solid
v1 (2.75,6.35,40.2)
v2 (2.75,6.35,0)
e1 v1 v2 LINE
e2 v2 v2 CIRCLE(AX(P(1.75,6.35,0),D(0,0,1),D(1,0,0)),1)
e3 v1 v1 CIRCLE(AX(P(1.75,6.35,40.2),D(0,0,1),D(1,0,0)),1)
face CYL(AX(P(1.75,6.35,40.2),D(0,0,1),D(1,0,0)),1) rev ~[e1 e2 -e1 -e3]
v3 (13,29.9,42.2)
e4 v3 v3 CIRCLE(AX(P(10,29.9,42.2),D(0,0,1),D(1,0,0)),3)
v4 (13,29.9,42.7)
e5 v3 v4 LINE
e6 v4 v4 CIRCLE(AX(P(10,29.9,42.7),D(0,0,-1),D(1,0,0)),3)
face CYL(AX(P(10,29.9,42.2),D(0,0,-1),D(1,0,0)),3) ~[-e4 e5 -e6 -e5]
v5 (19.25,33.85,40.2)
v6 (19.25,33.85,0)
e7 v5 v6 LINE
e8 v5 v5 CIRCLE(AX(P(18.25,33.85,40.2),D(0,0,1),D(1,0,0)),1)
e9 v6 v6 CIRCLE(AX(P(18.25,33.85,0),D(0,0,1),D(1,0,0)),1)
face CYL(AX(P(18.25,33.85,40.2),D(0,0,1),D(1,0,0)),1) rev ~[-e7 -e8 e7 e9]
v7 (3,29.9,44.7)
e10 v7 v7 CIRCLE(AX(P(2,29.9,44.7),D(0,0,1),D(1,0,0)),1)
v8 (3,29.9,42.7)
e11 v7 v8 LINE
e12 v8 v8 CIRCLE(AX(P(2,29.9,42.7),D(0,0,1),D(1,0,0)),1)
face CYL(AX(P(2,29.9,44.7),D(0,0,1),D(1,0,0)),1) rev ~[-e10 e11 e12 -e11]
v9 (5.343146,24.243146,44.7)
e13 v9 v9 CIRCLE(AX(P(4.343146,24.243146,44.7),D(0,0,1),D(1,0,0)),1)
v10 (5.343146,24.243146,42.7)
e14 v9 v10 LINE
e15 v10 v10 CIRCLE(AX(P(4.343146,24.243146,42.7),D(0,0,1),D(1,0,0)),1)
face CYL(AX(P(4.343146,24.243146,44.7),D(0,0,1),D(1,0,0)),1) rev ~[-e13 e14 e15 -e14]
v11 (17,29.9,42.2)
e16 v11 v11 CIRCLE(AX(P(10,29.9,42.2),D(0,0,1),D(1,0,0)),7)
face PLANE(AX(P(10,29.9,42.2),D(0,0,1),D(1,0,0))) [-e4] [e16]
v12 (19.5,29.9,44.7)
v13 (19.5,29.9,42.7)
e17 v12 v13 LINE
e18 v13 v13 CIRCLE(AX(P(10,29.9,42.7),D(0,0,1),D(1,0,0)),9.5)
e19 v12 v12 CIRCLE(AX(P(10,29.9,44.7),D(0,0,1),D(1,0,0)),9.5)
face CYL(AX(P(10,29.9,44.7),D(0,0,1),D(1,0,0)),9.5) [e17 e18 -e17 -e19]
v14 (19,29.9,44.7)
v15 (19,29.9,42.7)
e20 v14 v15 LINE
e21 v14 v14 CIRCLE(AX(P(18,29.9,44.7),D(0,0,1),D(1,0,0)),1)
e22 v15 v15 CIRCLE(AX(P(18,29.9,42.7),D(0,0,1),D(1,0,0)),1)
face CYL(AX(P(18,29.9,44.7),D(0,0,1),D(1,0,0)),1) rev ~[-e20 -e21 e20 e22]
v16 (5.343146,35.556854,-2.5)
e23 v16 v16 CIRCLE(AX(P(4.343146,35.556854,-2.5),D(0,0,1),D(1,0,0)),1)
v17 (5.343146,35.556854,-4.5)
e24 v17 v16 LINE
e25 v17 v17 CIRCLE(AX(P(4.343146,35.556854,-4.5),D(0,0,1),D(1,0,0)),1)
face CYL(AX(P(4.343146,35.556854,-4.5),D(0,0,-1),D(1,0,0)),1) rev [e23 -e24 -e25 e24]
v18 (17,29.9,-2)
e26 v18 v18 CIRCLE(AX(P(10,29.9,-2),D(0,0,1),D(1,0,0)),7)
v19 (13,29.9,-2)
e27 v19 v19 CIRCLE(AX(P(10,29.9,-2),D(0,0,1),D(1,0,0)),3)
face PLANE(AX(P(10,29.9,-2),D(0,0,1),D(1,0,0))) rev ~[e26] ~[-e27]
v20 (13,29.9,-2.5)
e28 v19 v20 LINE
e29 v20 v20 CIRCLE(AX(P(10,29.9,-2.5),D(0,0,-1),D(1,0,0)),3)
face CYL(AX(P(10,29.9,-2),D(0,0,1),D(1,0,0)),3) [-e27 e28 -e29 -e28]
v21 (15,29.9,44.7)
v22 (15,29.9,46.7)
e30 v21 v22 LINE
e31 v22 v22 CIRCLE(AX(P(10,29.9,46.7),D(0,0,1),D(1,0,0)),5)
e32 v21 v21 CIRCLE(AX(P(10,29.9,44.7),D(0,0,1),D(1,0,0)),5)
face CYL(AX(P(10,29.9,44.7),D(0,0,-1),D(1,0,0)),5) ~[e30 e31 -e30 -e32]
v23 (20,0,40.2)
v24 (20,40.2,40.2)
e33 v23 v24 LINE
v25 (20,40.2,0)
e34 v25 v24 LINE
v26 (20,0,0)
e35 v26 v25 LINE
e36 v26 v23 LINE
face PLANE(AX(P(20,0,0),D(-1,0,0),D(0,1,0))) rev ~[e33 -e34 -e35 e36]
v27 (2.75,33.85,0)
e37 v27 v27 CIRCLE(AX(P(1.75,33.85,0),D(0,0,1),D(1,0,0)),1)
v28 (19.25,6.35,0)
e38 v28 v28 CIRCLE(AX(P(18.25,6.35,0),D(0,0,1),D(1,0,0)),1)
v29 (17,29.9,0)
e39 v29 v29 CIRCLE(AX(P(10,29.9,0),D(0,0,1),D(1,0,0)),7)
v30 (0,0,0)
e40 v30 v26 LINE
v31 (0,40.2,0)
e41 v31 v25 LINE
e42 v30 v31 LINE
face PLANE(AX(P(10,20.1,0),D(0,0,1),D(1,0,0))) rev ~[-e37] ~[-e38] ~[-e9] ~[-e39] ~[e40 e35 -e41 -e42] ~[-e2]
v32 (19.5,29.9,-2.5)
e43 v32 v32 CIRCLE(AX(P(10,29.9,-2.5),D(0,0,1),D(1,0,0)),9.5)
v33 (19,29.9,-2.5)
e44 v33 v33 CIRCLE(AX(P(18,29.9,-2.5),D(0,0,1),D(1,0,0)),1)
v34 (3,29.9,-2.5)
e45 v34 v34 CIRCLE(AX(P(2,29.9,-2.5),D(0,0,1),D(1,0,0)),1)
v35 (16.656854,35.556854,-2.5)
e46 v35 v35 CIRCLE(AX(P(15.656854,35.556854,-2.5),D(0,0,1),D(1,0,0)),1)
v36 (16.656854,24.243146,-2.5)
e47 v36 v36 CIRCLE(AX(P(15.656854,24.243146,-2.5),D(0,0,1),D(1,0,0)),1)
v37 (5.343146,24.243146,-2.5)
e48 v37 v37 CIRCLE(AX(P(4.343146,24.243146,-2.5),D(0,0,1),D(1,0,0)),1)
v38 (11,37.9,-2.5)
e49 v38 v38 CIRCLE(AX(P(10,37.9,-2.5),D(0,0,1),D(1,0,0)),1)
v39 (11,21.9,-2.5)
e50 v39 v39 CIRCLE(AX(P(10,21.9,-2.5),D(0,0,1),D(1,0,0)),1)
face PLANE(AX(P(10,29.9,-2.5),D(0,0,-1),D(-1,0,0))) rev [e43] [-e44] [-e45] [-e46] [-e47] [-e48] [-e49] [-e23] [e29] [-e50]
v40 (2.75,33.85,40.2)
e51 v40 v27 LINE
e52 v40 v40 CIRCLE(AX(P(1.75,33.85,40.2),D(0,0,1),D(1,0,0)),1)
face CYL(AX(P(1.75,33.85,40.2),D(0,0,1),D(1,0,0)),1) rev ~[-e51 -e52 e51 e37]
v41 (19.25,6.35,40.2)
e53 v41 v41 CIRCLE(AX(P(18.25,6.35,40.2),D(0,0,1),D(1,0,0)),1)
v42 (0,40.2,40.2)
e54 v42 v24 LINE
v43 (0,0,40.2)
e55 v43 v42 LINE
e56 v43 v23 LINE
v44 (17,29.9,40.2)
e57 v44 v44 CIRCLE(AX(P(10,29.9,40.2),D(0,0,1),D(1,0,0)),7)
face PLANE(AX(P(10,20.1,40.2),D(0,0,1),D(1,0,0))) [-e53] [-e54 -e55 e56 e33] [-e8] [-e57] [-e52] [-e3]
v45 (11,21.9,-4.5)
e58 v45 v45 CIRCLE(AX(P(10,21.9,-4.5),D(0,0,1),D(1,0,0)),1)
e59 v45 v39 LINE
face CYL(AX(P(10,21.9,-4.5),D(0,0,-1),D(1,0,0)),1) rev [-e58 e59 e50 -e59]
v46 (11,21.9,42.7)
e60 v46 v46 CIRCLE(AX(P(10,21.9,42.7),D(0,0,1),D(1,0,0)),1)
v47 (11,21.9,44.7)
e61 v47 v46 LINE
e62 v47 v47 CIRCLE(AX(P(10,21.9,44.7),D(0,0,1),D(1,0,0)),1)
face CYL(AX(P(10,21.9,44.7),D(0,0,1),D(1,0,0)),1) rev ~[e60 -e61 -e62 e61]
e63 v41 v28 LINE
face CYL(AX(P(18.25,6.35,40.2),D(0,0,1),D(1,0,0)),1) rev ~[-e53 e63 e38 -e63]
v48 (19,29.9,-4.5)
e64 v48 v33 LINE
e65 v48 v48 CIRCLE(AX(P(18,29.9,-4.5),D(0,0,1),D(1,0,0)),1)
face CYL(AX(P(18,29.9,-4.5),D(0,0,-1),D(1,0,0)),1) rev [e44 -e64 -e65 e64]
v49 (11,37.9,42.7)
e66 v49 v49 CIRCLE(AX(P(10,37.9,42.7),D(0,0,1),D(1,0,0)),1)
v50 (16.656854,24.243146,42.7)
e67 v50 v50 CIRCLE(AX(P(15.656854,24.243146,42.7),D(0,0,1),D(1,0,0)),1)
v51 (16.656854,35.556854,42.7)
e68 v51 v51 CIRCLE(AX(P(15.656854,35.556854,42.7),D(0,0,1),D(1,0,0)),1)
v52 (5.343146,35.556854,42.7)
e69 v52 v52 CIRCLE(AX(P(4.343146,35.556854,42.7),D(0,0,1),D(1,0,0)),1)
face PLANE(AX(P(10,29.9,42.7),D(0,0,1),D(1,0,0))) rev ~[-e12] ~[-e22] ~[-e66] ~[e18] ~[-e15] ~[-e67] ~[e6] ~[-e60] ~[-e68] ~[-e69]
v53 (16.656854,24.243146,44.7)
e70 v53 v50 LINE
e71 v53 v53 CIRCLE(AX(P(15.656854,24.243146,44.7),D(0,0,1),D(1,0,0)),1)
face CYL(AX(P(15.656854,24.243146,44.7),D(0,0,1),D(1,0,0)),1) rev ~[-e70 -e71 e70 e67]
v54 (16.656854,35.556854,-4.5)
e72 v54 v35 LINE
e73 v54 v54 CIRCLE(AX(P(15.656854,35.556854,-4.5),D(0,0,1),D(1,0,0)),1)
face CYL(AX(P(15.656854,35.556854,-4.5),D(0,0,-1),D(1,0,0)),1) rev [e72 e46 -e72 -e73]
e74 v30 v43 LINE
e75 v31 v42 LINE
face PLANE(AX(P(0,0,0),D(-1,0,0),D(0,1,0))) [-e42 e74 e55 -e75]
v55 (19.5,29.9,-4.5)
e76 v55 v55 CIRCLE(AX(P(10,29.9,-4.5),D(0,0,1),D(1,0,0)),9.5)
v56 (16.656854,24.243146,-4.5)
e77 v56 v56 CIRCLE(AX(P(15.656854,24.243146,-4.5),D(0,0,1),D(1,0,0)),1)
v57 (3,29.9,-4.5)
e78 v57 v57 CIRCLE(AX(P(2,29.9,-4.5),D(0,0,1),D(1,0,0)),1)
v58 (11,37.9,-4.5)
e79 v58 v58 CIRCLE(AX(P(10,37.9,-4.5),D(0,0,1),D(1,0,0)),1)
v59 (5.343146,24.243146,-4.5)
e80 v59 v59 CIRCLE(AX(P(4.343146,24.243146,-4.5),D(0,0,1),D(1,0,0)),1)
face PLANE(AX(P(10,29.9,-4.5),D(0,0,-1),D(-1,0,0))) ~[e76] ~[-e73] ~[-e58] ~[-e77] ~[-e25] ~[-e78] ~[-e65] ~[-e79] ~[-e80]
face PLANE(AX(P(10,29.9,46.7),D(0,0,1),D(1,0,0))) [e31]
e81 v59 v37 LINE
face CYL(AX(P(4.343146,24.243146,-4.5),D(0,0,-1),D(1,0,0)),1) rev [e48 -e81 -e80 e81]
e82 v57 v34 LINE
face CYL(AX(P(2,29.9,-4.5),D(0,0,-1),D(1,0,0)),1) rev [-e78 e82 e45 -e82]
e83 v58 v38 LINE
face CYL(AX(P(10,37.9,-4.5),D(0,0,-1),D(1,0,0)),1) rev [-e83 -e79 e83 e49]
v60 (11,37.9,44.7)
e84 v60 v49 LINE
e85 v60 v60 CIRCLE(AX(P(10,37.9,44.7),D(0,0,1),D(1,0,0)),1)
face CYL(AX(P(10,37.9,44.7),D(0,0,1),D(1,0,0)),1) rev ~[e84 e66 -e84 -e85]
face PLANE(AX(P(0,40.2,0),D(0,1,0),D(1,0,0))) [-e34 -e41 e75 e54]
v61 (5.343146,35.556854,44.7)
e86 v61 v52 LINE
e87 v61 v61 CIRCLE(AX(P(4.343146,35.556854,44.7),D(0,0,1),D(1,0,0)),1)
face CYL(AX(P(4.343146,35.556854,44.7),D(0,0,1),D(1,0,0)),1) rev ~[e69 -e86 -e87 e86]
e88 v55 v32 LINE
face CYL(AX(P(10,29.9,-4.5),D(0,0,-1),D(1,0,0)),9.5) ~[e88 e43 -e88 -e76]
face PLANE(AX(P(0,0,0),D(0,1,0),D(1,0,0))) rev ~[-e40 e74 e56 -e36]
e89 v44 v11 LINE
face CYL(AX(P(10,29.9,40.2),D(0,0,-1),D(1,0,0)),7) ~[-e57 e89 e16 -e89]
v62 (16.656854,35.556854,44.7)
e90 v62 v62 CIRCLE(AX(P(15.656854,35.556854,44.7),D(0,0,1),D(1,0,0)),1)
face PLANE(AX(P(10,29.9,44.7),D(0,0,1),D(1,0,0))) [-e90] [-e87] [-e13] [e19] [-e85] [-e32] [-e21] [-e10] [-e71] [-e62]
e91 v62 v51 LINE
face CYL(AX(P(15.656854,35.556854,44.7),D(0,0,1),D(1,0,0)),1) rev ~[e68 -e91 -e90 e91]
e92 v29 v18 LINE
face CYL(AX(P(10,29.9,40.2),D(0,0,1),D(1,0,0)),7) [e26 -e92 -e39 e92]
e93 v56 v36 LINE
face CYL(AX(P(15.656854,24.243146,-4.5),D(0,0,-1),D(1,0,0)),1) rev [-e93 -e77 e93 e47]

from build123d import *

# Parameters (mm, degrees)
F0_W          = 20
F0_H          = 40.2
F1_DEPTH      = 40.2
F2_R          = 1
F3_DEPTH      = 40.201
F4_R          = 7
F5_DEPTH      = 2
F5_DEPTH_BACK = 42.2
F6_R          = 3
F7_DEPTH      = 2.5
F8_R          = 9.5
F8_R_2        = 1
F9_DEPTH      = 2
F12_R         = 5
F13_DEPTH     = 2


with BuildPart() as f1:
    # F0 (on Top) → F1 (new body)
    with BuildSketch(Plane.XY):
        with Locations((10, 20.1)):
            Rectangle(F0_W, F0_H)
    extrude(amount=F1_DEPTH)

    # F2 (on face) → F3 (cut, through all)
    with BuildSketch(Plane.XY.offset(40.2)):
        with Locations((1.75, 33.85)):
            Circle(F2_R)
        with Locations((18.25, 33.85)):
            Circle(F2_R)
        with Locations((1.75, 6.35)):
            Circle(F2_R)
        with Locations((18.25, 6.35)):
            Circle(F2_R)
    extrude(amount=-F3_DEPTH, mode=Mode.SUBTRACT)

    # F4 (on face) → F5 (join, two sides)
    with BuildSketch(Plane.XY.offset(40.2)) as f5_sk:
        with Locations((10, 29.9)):
            Circle(F4_R)
    extrude(amount=F5_DEPTH)
    extrude(f5_sk.sketch, amount=-F5_DEPTH_BACK)

    # F6 (on face) → F7 (join)
    with BuildSketch(Plane.XY.offset(42.2)):
        with Locations((10, 29.9)):
            Circle(F6_R)
    extrude(amount=F7_DEPTH)

    # F8 (on face) → F9 (join)
    with BuildSketch(Plane.XY.offset(44.7)):
        with Locations((10, 29.9)):
            Circle(F8_R)
        with Locations((4.343146, 24.243146)):
            Circle(F8_R_2, mode=Mode.SUBTRACT)
        with Locations((10, 21.9)):
            Circle(F8_R_2, mode=Mode.SUBTRACT)
        with Locations((15.656854, 24.243146)):
            Circle(F8_R_2, mode=Mode.SUBTRACT)
        with Locations((2, 29.9)):
            Circle(F8_R_2, mode=Mode.SUBTRACT)
        with Locations((4.343146, 35.556854)):
            Circle(F8_R_2, mode=Mode.SUBTRACT)
        with Locations((18, 29.9)):
            Circle(F8_R_2, mode=Mode.SUBTRACT)
        with Locations((10, 37.9)):
            Circle(F8_R_2, mode=Mode.SUBTRACT)
        with Locations((15.656854, 35.556854)):
            Circle(F8_R_2, mode=Mode.SUBTRACT)
    extrude(amount=-F9_DEPTH)

    # F11: F1 across plane


with BuildPart() as f1_1:
    add(f1.part)
    add(f1.part.mirror(Plane.XY.offset(20.1)))

    # F12 (on face) → F13 (join)
    with BuildSketch(Plane.XY.offset(44.7)):
        with Locations((10, 29.9)):
            Circle(F12_R)
    extrude(amount=F13_DEPTH)


solid = f1_1.part
